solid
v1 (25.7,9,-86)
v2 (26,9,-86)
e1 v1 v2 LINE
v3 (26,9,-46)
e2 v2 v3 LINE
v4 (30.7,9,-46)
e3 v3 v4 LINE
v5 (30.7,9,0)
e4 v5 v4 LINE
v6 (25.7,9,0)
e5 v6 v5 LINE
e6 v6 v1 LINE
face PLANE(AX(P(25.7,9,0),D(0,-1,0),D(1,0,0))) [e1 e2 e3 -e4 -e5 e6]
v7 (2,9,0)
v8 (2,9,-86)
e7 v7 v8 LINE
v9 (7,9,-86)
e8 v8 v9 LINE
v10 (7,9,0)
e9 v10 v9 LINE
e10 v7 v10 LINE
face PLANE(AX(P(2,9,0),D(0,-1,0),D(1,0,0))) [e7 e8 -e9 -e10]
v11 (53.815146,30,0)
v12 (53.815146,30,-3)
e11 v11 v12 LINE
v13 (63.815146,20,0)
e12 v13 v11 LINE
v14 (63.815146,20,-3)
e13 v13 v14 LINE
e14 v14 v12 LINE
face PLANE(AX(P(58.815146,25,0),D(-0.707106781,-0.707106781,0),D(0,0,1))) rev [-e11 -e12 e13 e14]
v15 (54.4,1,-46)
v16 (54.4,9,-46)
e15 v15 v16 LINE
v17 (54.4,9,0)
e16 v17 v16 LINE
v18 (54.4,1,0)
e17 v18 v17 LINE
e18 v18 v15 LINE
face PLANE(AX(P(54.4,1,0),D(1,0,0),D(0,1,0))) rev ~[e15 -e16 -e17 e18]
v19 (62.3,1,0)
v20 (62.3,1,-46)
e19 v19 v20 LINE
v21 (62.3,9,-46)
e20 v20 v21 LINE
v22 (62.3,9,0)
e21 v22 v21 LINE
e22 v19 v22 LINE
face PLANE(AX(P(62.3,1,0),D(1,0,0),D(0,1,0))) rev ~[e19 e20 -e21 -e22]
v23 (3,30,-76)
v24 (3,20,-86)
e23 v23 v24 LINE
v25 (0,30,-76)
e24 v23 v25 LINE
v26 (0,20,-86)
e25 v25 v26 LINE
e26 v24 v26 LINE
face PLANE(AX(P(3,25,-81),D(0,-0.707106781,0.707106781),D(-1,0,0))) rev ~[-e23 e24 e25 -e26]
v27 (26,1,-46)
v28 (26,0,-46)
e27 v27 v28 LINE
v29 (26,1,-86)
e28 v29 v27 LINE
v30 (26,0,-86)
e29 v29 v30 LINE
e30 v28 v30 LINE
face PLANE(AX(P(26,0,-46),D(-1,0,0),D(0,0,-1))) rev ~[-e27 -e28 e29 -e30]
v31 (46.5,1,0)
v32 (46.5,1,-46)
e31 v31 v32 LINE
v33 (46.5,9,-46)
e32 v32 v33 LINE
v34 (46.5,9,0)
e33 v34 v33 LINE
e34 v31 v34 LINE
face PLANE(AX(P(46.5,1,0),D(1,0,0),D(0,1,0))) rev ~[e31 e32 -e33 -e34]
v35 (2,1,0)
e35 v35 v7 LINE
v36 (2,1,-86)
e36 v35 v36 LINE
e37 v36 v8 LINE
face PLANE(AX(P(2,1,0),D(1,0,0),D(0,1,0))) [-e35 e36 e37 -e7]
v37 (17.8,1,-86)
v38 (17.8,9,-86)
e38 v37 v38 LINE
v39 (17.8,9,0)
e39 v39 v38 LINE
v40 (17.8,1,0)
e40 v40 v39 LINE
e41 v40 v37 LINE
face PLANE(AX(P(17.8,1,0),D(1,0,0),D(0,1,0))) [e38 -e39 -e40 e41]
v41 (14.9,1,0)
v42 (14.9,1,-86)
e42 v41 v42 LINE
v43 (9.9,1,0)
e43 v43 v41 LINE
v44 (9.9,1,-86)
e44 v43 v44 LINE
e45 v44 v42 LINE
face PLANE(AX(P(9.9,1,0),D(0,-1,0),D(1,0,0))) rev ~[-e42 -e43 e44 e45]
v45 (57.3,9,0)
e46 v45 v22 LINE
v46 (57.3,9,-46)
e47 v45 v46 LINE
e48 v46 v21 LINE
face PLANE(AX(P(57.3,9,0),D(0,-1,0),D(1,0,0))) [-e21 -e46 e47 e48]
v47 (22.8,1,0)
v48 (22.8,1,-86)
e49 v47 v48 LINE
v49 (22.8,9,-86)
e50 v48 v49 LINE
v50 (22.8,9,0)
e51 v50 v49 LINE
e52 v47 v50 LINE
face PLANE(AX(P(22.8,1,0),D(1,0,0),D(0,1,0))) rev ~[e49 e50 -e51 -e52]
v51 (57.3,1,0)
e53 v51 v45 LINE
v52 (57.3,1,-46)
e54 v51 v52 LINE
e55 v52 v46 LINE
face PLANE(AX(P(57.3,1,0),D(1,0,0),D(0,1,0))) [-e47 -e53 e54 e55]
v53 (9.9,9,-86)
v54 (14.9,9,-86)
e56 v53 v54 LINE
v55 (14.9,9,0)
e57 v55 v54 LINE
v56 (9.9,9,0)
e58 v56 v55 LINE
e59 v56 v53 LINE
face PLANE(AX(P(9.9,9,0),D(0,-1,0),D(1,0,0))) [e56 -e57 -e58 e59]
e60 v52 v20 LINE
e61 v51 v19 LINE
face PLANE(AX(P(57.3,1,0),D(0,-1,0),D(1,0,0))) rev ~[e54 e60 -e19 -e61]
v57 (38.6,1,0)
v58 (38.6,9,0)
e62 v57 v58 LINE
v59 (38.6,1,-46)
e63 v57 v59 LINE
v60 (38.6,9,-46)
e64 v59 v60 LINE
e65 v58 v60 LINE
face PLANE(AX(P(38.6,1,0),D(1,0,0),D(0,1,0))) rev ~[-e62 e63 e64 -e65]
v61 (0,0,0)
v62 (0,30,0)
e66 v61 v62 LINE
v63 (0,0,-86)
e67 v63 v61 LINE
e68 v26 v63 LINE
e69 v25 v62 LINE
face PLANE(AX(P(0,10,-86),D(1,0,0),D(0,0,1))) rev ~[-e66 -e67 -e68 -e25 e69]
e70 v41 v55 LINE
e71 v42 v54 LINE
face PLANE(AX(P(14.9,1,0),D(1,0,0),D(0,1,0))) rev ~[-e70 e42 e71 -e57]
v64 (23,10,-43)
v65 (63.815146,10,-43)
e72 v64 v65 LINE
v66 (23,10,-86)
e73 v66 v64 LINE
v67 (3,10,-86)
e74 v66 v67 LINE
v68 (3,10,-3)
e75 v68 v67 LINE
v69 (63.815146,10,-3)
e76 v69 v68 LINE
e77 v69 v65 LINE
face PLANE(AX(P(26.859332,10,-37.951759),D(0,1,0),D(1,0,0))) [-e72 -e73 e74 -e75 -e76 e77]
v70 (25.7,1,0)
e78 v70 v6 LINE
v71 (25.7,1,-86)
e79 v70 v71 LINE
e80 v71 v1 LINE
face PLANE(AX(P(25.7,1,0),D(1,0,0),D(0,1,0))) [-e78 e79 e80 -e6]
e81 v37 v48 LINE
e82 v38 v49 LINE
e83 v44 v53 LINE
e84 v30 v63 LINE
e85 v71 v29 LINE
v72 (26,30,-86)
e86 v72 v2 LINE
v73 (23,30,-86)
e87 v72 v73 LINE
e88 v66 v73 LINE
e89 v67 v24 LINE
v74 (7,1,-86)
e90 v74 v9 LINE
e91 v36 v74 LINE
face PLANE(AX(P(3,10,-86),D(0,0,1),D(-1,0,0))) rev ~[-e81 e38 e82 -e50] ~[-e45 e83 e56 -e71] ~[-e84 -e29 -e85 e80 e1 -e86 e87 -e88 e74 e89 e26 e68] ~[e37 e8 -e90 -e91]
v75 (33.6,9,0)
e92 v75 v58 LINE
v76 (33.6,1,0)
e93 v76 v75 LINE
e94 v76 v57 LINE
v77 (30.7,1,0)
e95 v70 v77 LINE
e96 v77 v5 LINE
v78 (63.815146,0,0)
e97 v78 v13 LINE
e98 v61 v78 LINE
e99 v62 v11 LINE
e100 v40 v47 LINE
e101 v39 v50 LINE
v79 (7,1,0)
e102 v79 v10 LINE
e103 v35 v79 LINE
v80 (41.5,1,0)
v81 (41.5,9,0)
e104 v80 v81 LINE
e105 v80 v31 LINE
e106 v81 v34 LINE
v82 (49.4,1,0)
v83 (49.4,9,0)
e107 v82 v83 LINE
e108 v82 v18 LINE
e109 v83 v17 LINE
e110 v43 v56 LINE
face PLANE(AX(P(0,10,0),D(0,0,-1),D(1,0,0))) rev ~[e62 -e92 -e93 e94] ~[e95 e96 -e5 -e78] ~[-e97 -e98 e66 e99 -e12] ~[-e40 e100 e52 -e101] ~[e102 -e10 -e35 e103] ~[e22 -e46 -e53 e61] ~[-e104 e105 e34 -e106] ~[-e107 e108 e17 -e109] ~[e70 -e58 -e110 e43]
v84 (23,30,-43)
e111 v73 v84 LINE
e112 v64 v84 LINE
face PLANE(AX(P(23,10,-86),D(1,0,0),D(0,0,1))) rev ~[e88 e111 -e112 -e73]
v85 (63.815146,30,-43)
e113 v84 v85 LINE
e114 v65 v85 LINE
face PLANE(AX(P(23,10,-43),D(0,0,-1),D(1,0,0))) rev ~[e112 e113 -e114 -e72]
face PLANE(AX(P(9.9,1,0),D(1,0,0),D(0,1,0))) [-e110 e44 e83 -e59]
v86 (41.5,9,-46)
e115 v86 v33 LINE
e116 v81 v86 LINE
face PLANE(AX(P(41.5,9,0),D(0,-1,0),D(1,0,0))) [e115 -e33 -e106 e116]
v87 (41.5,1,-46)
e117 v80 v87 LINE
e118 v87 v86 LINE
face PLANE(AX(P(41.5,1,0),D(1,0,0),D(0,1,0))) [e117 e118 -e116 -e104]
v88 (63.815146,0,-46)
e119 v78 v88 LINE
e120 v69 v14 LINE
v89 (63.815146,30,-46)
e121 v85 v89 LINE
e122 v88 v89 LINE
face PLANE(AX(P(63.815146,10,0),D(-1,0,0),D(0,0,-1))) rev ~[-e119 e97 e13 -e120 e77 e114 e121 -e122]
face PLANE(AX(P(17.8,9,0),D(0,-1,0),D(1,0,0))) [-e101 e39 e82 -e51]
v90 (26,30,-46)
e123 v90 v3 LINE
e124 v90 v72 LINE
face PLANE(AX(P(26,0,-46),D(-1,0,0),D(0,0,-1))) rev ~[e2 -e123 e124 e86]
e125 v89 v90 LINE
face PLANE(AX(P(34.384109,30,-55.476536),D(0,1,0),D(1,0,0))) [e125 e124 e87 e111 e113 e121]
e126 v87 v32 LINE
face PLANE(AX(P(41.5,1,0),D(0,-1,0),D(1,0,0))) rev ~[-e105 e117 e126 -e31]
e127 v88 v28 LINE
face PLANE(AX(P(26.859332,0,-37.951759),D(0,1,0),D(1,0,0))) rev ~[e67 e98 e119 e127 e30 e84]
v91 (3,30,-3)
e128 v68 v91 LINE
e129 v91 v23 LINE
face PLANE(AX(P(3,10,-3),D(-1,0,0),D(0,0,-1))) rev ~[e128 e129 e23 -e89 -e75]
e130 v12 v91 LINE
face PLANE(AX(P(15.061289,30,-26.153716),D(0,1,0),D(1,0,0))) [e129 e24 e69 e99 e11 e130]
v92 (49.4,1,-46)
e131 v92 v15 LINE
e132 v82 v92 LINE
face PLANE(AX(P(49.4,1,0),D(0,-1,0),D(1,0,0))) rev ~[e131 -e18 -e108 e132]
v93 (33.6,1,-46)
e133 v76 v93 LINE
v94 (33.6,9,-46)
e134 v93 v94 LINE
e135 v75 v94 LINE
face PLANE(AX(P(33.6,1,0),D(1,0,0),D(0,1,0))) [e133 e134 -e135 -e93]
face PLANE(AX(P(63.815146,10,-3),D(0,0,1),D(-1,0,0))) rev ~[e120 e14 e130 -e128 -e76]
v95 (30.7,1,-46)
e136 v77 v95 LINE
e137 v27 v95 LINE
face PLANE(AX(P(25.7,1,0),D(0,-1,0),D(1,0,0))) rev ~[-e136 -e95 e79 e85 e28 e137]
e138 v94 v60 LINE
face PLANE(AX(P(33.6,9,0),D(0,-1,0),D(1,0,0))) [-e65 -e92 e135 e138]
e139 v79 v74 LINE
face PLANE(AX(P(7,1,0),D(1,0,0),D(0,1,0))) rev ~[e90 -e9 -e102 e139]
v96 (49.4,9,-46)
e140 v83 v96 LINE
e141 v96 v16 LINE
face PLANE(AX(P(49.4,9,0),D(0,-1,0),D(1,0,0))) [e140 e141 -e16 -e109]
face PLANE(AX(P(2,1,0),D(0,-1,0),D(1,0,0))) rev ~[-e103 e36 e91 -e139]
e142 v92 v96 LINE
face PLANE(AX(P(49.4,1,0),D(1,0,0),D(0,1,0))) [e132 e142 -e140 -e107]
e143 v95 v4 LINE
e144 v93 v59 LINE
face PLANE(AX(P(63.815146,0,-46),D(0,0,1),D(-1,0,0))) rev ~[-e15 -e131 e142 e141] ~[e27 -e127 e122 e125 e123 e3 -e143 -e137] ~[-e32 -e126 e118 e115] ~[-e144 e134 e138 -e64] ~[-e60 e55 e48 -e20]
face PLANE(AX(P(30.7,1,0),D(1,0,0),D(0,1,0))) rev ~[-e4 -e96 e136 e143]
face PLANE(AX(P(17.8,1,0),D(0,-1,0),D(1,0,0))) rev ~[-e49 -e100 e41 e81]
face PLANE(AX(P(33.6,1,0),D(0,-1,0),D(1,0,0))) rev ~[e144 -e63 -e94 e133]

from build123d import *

# Parameters (mm, degrees)
BOSS_EXTRUDE1_DEPTH = 10
EXTRUDE_THIN1_DEPTH = 20
CHAMFER1_SIZE       = 10
SKETCH4_W           = 5
SKETCH4_H           = 8
CUT_EXTRUDE1_DEPTH  = 99


with BuildPart() as part:
    # Sketch1 → Boss-Extrude1 (new body)
    with BuildSketch(Plane(origin=(0, 0, 0), x_dir=(1, 0, 0), z_dir=(0, 1, 0))):
        Polygon((0, 39.088250925), (0, 0), (63.815145827, 0), (63.815145827, 46), (26, 46), (26, 86), (0, 86), align=None)
    extrude(amount=BOSS_EXTRUDE1_DEPTH)

    # Sketch2 → Extrude-Thin1 (add)
    with BuildSketch(Plane(origin=(0, 10, 0), x_dir=(1, 0, 0), z_dir=(0, 1, 0))):
        Polygon((0, 86), (0, 0), (63.815145827, 0), (63.815145827, 3), (3, 3), (3, 86), align=None)
        Polygon((63.815145827, 46), (26, 46), (26, 86), (23, 86), (23, 43), (63.815145827, 43), align=None)
    extrude(amount=EXTRUDE_THIN1_DEPTH)

    # Chamfer1
    chamfer1_edges = [part.edges().sort_by_distance(p)[0] for p in [
        (63.815145827, 30, -1.5),
        (1.5, 30, -86),
    ]]
    chamfer(chamfer1_edges, length=CHAMFER1_SIZE)

    # Sketch4 → Cut-Extrude1 (cut)
    with BuildSketch(Plane.XY):
        with Locations((12.4, 5)):
            Rectangle(SKETCH4_W, SKETCH4_H)
        with Locations((4.5, 5)):
            Rectangle(SKETCH4_W, SKETCH4_H)
        with Locations((20.3, 5)):
            Rectangle(SKETCH4_W, SKETCH4_H)
        with Locations((28.2, 5)):
            Rectangle(SKETCH4_W, SKETCH4_H)
        with Locations((36.1, 5)):
            Rectangle(SKETCH4_W, SKETCH4_H)
        with Locations((44, 5)):
            Rectangle(SKETCH4_W, SKETCH4_H)
        with Locations((51.9, 5)):
            Rectangle(SKETCH4_W, SKETCH4_H)
        with Locations((59.8, 5)):
            Rectangle(SKETCH4_W, SKETCH4_H)
    extrude(amount=-CUT_EXTRUDE1_DEPTH, mode=Mode.SUBTRACT)


solid = part.part
